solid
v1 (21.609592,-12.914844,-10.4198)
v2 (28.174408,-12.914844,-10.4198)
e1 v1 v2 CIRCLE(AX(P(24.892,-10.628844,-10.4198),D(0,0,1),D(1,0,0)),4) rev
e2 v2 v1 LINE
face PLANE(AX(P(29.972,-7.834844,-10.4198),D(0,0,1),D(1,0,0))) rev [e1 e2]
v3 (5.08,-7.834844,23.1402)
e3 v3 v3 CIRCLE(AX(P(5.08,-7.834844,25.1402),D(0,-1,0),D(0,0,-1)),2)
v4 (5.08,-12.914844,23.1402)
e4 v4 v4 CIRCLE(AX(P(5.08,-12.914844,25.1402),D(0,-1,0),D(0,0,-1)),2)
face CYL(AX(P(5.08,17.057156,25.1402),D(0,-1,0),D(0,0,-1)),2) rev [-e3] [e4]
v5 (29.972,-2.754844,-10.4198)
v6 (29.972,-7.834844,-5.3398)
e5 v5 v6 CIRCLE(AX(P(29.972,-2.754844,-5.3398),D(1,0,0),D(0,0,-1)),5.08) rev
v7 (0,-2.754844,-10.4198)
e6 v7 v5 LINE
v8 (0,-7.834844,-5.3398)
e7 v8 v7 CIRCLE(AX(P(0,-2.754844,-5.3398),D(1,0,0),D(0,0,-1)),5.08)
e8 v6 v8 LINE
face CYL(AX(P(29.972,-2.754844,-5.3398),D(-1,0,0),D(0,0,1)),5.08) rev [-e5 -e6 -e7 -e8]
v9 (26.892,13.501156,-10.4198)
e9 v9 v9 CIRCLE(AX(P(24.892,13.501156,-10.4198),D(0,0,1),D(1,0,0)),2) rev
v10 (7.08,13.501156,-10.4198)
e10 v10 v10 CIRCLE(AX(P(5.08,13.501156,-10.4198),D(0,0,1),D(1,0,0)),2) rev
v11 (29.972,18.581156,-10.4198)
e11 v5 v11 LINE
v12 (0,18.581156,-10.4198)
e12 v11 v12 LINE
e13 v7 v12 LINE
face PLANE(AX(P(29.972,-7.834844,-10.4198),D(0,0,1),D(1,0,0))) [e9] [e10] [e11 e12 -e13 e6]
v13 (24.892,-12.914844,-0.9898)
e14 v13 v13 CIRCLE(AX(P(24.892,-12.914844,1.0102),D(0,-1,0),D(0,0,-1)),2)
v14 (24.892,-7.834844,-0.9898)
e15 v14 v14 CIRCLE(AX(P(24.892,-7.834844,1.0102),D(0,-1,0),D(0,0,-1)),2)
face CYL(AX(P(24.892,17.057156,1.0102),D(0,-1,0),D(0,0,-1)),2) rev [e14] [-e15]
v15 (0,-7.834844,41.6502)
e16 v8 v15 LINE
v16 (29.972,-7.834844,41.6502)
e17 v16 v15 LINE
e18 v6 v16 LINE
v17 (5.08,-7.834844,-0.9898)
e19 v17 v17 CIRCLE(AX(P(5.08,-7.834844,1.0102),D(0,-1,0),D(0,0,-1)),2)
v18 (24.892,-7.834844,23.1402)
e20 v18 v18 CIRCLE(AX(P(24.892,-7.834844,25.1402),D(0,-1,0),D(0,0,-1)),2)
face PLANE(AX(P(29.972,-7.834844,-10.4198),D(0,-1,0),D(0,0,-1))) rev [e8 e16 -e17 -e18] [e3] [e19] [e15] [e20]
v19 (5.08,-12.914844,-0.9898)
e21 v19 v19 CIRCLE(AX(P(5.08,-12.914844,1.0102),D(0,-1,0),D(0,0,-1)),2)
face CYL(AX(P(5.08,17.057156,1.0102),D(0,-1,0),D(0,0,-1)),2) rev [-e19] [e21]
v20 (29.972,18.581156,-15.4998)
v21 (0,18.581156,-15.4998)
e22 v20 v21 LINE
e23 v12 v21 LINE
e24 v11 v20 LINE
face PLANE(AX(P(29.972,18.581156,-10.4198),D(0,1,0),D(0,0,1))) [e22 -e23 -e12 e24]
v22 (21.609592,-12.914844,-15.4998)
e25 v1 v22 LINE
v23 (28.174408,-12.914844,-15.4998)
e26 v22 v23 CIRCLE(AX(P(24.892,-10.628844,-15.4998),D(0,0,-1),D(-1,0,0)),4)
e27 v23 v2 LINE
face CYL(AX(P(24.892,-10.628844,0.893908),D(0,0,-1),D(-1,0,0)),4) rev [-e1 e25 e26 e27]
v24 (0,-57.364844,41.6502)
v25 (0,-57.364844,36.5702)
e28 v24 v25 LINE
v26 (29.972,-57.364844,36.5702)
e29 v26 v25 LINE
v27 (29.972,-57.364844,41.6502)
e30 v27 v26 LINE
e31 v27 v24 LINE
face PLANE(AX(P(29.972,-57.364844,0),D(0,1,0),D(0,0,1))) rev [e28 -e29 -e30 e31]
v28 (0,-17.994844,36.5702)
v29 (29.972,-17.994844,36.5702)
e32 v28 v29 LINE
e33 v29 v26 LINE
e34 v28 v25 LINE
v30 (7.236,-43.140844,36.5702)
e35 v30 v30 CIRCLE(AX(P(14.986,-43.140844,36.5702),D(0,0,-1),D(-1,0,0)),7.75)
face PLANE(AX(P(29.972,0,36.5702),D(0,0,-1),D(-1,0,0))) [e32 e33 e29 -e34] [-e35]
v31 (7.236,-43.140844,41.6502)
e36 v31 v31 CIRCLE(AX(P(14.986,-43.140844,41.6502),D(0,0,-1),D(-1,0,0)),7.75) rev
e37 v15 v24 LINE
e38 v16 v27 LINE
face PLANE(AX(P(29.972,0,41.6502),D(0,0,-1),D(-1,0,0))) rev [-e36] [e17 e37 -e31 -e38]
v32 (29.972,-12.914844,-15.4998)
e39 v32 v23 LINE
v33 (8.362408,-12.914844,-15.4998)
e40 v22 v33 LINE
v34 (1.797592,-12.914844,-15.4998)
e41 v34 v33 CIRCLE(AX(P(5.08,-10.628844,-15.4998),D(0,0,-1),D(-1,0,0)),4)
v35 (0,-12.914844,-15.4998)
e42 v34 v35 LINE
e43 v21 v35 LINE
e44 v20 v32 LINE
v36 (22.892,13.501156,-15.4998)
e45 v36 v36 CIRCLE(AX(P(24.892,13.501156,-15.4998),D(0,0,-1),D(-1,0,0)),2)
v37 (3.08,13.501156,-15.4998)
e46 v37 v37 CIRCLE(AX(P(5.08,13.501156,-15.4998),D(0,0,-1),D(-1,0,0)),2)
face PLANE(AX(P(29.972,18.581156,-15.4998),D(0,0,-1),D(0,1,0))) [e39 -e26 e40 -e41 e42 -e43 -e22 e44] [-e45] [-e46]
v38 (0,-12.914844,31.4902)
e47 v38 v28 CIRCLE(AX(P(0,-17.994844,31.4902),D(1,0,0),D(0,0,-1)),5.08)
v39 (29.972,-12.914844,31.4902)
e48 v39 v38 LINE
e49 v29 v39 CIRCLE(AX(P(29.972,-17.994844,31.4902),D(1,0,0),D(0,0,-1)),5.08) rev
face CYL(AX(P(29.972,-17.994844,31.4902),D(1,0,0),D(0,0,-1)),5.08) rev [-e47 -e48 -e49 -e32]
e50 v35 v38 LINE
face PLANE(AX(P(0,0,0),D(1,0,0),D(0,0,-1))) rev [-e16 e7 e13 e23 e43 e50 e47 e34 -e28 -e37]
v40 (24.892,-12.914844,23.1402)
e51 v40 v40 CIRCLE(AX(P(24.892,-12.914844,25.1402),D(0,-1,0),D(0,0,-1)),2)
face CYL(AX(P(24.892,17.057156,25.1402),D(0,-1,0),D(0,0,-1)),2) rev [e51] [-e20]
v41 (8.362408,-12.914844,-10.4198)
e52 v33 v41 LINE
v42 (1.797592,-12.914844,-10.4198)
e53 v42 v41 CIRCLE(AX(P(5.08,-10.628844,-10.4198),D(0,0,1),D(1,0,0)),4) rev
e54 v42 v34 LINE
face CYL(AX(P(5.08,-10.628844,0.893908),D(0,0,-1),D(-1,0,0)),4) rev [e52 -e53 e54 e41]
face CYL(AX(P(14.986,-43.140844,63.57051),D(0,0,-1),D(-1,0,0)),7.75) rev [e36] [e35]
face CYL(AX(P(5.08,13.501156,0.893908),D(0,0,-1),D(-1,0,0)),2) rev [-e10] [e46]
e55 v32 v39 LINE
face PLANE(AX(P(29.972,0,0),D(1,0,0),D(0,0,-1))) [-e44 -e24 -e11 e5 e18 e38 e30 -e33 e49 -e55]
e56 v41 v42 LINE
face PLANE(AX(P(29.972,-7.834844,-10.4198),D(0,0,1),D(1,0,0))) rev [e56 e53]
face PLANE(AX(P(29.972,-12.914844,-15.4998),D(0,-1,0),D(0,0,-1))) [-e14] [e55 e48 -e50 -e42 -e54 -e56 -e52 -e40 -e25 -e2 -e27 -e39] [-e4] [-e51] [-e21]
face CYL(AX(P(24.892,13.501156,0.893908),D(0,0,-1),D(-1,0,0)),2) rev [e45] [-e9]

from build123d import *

# Parameters (mm, degrees)
BOSS_EXTRUDE1_DEPTH = 29.972
FILLET1_R           = 5.08
SKETCH3_R           = 2
SKETCH3_R_2         = 4
CUT_EXTRUDE1_DEPTH  = 5.08
SKETCH4_R           = 2
CUT_EXTRUDE2_DEPTH  = 29.972
SKETCH5_R           = 7.75
CUT_EXTRUDE3_DEPTH  = 5.08


with BuildPart() as part:
    # Sketch2 → Boss-Extrude1 (new body)
    with BuildSketch(Plane(origin=(0, 0, 0), x_dir=(0, 0, -1), z_dir=(1, 0, 0))):
        Polygon((10.419800113, 18.58115608), (10.419800113, -7.83484392), (-41.650199887, -7.83484392), (-41.650199887, -57.36484392), (-36.570199887, -57.36484392), (-36.570199887, -12.91484392), (15.499800113, -12.91484392), (15.499800113, 18.58115608), align=None)
    extrude(amount=BOSS_EXTRUDE1_DEPTH)

    # Fillet1
    fillet1_edges = [part.edges().sort_by_distance(p)[0] for p in [
        (14.986, -7.83484392, -10.419800113),
        (14.986, -12.91484392, 36.570199887),
    ]]
    fillet(fillet1_edges, radius=FILLET1_R)

    # Sketch3 → Cut-Extrude1 (cut)
    with BuildSketch(Plane(origin=(0, 0, -15.499800113), x_dir=(-1, 0, 0), z_dir=(0, 0, -1))):
        with Locations((-24.892, 13.50115608)):
            Circle(SKETCH3_R)
        with Locations((-5.08, 13.50115608)):
            Circle(SKETCH3_R)
        with Locations((-5.08, -10.62884392)):
            Circle(SKETCH3_R_2)
        with Locations((-24.892, -10.62884392)):
            Circle(SKETCH3_R_2)
    extrude(amount=-CUT_EXTRUDE1_DEPTH, mode=Mode.SUBTRACT)

    # Sketch4 → Cut-Extrude2 (cut)
    with BuildSketch(Plane.XZ.offset(12.91484392)):
        with Locations(Location((24.892, 1.010199887, 0), (0, 0, 270))):
            Circle(SKETCH4_R)
        with Locations(Location((5.08, 1.010199887, 0), (0, 0, 270))):
            Circle(SKETCH4_R)
        with Locations(Location((24.892, 25.140199887, 0), (0, 0, 270))):
            Circle(SKETCH4_R)
        with Locations(Location((5.08, 25.140199887, 0), (0, 0, 270))):
            Circle(SKETCH4_R)
    extrude(amount=-CUT_EXTRUDE2_DEPTH, mode=Mode.SUBTRACT)

    # Sketch5 → Cut-Extrude3 (cut)
    with BuildSketch(Plane(origin=(0, 0, 36.570199887), x_dir=(-1, 0, 0), z_dir=(0, 0, -1))):
        with Locations((-14.986, -43.14084392)):
            Circle(SKETCH5_R)
    extrude(amount=-CUT_EXTRUDE3_DEPTH, mode=Mode.SUBTRACT)


solid = part.part
